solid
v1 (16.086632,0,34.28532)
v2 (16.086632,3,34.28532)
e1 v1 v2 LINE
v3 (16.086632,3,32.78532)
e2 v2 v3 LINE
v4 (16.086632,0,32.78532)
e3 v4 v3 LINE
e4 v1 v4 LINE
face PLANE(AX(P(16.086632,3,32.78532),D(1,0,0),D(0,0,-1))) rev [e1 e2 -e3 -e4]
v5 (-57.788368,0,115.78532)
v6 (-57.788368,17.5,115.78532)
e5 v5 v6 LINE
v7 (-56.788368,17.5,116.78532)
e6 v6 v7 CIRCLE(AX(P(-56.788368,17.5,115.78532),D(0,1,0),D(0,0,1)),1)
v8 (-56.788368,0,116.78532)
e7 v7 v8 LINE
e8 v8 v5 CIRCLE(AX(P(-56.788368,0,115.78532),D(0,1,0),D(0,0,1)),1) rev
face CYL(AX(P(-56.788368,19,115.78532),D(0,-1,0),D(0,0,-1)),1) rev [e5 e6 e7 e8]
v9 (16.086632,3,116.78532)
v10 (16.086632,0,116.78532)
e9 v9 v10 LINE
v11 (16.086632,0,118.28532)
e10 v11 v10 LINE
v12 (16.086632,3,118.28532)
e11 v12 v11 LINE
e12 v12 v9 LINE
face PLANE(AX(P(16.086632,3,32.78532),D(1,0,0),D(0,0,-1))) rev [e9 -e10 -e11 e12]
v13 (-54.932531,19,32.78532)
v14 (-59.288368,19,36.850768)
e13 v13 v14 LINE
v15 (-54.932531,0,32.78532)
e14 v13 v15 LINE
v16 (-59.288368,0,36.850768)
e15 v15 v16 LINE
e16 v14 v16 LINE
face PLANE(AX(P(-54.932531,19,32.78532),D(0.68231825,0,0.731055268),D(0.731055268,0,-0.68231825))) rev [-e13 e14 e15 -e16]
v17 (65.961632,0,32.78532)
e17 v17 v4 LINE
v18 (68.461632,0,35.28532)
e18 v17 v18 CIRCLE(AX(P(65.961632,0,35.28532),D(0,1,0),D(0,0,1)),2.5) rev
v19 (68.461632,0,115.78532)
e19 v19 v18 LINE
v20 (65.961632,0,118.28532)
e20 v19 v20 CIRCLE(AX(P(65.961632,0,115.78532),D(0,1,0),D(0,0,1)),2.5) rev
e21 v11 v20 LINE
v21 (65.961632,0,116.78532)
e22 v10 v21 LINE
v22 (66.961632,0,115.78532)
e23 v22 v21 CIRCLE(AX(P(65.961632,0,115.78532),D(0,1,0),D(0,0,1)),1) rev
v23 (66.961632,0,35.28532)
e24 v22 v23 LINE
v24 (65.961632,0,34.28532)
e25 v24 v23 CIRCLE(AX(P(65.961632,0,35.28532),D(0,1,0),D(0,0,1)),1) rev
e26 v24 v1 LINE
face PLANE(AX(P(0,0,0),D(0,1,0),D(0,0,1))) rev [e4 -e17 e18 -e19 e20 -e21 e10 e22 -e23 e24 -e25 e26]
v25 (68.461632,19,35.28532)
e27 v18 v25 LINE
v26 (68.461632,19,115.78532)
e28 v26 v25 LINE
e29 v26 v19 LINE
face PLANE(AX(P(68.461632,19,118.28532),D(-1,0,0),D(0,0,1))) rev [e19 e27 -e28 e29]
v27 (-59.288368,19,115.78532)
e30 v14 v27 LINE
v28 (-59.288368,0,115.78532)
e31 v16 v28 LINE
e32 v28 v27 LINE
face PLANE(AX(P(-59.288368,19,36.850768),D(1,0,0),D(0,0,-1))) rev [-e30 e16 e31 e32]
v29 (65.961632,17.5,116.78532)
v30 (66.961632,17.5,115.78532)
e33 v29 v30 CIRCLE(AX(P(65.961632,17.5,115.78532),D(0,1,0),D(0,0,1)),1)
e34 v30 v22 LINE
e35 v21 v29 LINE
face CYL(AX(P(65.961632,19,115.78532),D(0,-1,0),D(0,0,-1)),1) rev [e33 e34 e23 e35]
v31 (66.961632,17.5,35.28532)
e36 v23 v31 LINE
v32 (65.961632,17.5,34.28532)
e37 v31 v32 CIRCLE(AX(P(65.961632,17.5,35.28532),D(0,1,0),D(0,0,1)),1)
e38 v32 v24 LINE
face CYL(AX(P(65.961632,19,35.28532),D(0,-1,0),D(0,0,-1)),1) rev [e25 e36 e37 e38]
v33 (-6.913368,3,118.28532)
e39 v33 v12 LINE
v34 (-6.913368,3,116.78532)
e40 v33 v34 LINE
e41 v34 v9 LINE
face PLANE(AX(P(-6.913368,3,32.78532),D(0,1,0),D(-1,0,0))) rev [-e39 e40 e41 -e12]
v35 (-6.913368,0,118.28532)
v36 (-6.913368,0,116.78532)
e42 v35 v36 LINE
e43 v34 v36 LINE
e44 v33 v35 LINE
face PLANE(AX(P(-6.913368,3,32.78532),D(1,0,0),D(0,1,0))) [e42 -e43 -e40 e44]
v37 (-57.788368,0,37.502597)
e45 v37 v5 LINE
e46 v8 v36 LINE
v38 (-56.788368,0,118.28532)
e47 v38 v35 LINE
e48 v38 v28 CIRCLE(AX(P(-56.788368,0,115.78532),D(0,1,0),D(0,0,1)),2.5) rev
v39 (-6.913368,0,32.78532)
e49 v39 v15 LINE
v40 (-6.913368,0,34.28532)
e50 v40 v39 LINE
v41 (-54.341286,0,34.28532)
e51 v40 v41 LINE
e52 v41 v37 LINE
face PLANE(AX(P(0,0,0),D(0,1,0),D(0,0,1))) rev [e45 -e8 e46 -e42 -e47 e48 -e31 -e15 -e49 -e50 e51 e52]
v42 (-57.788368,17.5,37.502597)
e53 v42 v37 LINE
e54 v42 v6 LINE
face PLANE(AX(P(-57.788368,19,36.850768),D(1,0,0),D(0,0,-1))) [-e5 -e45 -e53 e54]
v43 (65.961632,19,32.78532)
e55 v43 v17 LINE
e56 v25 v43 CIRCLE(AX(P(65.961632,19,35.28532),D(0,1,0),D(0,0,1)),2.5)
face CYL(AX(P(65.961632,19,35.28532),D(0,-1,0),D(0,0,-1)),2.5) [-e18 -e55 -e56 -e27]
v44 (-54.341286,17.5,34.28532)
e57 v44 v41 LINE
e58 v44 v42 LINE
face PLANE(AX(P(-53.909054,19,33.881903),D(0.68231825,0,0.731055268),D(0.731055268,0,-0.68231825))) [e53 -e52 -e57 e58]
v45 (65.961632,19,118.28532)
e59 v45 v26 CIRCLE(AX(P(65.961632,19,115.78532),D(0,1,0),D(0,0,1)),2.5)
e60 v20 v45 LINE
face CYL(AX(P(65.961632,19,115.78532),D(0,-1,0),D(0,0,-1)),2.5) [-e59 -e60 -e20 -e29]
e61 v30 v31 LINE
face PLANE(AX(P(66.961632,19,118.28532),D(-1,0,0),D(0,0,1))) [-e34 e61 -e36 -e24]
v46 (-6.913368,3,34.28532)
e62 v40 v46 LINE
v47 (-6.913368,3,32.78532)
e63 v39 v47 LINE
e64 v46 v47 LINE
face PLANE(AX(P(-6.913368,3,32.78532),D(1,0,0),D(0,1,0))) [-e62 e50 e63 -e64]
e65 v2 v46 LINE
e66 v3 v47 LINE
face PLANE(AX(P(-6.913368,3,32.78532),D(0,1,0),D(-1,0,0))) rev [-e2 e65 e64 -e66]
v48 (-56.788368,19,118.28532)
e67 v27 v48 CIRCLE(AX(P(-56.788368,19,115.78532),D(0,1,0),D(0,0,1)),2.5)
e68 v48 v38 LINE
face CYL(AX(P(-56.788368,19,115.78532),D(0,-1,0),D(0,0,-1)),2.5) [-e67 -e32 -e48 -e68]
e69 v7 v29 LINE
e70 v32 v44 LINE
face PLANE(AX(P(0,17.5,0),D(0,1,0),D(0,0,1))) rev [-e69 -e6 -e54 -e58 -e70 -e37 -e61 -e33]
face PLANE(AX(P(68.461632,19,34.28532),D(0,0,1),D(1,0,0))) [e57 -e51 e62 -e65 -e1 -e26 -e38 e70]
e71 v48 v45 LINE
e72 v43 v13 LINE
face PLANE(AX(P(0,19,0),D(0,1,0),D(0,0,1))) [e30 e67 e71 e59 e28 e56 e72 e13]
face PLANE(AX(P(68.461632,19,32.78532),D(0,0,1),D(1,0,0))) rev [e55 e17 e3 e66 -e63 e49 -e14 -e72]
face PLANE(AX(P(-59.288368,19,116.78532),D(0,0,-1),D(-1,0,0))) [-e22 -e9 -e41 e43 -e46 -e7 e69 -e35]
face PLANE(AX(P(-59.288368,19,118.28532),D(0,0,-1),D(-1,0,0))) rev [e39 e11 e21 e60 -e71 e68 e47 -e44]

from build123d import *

# Parameters (mm, degrees)
BOSS_EXTRUDE1_DEPTH     = 19
FILLET1_R               = 2.5
SHELL1_T                = -1.5
SKETCH4_W               = 23
SKETCH4_H               = 3
CUT_EXTRUDE1_DEPTH      = 119.285320442
CUT_EXTRUDE1_DEPTH_BACK = 1


with BuildPart() as part:
    # Sketch3 → Boss-Extrude1 (new body)
    with BuildSketch(Plane(origin=(0, 0, 0), x_dir=(1, 0, 0), z_dir=(0, 1, 0))):
        Polygon((68.461632103, -32.785320442), (-54.932531078, -32.785320442), (-59.288367897, -36.85076814), (-59.288367897, -118.285320442), (68.461632103, -118.285320442), align=None)
    extrude(amount=BOSS_EXTRUDE1_DEPTH)

    # Fillet1
    fillet1_edges = [part.edges().sort_by_distance(p)[0] for p in [
        (68.461632103, 9.5, 32.785320442),
        (68.461632103, 9.5, 118.285320442),
        (-59.288367897, 9.5, 118.285320442),
    ]]
    fillet(fillet1_edges, radius=FILLET1_R)

    # Shell1
    shell1_openings = [part.faces().sort_by_distance(p)[0] for p in [
        (4.883332574, 0, 75.795722274),
    ]]
    offset(amount=SHELL1_T, openings=shell1_openings, kind=Kind.INTERSECTION)

    # Sketch4 → Cut-Extrude1 (cut, two sides)
    with BuildSketch(Plane.XY) as cut_extrude1_sk:
        with Locations((4.586632103, 1.5)):
            Rectangle(SKETCH4_W, SKETCH4_H)
    extrude(amount=CUT_EXTRUDE1_DEPTH, mode=Mode.SUBTRACT)
    extrude(cut_extrude1_sk.sketch, amount=-CUT_EXTRUDE1_DEPTH_BACK, mode=Mode.SUBTRACT)


solid = part.part
